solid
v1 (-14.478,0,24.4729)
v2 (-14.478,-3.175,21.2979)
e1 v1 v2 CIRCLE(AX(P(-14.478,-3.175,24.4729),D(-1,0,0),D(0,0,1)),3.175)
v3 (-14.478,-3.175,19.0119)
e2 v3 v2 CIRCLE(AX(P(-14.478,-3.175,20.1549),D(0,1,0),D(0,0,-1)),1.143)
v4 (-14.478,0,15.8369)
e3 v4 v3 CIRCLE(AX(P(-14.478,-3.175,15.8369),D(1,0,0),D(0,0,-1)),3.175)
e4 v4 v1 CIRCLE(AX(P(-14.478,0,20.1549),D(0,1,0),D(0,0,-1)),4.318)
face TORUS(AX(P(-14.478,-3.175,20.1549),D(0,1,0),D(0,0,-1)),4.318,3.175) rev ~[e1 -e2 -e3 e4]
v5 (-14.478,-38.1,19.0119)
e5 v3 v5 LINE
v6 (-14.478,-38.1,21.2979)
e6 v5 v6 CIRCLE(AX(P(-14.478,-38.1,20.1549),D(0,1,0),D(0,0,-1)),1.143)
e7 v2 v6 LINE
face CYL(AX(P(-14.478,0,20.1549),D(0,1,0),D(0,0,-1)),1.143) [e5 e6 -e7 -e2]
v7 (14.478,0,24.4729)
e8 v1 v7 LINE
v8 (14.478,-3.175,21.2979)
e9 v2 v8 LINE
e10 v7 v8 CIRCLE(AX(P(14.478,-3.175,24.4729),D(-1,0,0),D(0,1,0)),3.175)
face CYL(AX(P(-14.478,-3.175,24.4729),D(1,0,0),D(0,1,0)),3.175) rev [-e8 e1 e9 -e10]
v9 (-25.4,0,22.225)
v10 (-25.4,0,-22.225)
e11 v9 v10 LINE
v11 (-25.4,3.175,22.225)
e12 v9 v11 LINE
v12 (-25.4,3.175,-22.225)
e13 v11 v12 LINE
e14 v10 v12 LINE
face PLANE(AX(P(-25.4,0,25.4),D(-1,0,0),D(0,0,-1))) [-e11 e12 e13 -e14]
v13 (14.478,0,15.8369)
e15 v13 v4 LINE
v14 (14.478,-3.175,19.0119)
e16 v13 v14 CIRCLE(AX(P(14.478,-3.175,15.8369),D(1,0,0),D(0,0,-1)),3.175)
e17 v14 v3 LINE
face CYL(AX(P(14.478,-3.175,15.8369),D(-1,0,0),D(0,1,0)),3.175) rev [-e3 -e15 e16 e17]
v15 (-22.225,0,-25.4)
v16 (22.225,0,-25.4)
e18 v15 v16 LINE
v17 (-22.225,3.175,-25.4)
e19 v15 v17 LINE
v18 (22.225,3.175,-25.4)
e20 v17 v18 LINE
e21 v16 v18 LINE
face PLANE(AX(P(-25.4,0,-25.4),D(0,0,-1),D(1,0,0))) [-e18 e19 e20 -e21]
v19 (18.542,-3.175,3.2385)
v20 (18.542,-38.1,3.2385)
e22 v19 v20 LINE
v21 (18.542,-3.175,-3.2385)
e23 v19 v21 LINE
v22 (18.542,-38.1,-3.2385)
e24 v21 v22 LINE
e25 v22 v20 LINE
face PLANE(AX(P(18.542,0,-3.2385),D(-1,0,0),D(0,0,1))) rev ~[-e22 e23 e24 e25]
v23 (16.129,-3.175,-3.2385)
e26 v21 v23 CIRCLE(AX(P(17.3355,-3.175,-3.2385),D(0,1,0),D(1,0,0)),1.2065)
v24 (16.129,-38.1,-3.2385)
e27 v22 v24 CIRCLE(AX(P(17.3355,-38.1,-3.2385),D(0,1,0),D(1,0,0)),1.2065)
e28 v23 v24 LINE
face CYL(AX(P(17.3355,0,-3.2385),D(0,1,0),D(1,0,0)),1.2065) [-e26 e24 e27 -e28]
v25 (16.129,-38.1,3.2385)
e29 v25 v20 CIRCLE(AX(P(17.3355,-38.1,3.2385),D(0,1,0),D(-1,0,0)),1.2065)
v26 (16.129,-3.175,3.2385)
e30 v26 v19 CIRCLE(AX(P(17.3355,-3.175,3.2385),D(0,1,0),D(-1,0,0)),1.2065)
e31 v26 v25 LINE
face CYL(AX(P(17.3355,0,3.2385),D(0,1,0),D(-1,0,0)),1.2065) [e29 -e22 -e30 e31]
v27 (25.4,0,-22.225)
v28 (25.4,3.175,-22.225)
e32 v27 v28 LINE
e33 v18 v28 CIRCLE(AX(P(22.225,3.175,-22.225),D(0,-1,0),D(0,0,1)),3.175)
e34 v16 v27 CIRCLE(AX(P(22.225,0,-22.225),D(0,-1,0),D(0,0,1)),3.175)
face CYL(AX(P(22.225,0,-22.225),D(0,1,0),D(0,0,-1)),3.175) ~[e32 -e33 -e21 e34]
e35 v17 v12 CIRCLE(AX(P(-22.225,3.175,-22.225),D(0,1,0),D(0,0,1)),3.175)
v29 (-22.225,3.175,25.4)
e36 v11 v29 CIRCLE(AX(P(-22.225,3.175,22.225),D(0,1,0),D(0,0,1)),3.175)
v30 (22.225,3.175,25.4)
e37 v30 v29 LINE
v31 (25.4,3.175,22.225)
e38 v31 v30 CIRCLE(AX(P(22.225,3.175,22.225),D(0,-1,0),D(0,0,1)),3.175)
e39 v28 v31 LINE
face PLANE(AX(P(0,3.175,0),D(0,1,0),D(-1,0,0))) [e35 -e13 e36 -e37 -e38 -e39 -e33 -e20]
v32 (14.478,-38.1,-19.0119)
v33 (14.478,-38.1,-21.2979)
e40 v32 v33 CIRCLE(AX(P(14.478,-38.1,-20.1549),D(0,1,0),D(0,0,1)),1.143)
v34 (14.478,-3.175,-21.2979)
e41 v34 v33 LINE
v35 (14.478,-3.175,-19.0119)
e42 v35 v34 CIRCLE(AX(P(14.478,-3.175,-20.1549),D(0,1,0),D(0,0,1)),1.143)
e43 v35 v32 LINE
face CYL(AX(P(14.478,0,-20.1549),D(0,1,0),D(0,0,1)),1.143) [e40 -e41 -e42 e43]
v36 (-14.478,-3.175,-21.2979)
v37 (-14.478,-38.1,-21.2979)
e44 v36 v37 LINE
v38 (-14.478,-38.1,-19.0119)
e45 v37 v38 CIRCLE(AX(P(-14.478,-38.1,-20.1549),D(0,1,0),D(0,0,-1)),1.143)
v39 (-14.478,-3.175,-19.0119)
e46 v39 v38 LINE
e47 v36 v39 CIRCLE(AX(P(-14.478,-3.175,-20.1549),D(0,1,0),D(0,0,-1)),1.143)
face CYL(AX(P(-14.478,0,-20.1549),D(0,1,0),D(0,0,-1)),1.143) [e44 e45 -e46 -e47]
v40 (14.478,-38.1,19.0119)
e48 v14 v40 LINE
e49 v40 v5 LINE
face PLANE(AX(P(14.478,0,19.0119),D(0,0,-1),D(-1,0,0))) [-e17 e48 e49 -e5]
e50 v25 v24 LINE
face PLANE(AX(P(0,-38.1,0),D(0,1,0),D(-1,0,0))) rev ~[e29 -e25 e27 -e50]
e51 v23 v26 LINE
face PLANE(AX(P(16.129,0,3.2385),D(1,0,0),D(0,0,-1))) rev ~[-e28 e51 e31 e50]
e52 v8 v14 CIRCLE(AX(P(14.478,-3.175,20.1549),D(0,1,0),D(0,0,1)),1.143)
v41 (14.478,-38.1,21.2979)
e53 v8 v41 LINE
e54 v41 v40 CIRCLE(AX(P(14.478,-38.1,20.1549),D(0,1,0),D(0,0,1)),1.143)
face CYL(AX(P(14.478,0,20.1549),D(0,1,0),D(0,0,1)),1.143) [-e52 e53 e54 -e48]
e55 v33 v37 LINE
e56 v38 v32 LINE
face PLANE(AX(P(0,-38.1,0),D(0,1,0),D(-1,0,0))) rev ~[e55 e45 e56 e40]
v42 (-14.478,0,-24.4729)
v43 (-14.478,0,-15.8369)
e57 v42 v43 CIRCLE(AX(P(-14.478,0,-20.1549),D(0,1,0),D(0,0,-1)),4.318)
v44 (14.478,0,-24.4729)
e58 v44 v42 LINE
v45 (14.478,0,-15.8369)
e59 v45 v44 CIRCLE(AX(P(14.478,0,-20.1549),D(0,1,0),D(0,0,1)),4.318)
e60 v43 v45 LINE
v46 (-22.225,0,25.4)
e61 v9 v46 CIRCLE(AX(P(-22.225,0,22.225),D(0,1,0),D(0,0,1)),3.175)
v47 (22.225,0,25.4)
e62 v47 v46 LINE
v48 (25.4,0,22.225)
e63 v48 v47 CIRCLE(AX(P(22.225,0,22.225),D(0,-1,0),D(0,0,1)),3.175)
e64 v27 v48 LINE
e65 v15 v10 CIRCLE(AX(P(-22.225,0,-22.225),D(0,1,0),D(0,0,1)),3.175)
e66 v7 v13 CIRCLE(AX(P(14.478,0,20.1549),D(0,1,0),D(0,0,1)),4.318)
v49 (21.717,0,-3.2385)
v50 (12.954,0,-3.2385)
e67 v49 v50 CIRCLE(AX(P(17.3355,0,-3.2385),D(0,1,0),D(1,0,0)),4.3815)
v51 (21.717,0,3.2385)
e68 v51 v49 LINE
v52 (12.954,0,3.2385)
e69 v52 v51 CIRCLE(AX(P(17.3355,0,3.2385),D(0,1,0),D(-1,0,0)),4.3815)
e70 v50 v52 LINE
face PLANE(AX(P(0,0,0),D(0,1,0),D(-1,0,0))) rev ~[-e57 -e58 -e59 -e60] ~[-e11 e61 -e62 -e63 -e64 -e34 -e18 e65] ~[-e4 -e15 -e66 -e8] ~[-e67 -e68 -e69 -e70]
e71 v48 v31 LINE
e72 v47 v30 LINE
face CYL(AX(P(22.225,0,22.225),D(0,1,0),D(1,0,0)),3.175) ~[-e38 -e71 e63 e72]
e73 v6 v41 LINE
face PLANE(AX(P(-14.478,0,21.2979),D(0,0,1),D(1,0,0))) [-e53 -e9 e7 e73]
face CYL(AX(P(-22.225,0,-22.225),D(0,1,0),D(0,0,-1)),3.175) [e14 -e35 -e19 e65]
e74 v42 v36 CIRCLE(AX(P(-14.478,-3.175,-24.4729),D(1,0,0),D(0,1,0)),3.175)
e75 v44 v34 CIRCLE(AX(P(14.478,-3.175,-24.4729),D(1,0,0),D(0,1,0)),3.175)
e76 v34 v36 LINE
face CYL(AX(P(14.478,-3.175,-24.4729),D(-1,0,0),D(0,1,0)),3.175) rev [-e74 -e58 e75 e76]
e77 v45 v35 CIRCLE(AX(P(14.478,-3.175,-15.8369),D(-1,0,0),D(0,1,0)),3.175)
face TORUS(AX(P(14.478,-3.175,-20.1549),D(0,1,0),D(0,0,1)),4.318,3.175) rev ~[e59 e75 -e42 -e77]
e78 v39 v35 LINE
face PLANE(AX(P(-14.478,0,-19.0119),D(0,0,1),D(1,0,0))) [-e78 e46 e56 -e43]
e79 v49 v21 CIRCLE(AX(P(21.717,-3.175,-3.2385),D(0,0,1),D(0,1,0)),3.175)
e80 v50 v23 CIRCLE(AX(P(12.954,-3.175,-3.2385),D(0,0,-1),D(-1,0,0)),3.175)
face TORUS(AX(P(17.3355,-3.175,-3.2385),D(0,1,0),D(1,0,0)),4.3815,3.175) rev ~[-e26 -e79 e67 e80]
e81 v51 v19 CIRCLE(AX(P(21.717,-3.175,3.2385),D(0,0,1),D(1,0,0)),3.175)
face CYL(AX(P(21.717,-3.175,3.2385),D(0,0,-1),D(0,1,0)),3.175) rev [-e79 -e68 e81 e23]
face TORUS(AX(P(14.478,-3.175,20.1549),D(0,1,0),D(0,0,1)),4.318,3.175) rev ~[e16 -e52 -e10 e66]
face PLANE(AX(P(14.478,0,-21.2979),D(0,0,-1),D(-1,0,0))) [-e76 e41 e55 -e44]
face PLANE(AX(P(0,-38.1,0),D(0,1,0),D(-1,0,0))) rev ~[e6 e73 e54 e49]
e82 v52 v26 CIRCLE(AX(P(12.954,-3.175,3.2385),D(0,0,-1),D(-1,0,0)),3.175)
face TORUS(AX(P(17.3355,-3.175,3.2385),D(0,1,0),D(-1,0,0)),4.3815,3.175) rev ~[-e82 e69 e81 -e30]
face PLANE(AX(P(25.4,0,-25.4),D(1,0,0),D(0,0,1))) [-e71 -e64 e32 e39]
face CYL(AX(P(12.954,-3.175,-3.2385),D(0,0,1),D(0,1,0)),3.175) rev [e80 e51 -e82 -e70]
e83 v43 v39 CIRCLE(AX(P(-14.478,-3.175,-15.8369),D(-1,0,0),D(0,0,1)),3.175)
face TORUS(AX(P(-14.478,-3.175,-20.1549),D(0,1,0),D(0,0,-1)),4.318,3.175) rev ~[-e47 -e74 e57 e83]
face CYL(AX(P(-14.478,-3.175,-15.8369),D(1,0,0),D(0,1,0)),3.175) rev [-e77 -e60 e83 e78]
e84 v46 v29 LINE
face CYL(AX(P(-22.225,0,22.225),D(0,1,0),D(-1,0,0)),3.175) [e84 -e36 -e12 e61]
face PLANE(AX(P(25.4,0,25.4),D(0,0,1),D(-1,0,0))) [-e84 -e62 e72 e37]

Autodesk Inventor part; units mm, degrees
ref_plane "YZ Plane" through (0, 0, 0) normal (1, 0, 0) x (0, 1, 0)
ref_plane "XZ Plane" through (0, 0, 0) normal (0, 1, 0) x (-1, 0, 0)
ref_plane "XY Plane" through (0, 0, 0) normal (0, 0, 1) x (1, 0, 0)
sketch "Sketch1" plane through (0, 0, 0) normal (0, 1, 0) x (-1, 0, 0)
  line L0 (15.875, 20.1549) -> (-15.875, 20.1549) construction
  line L1 (14.478, 18.7579) -> (-14.478, 18.7579) construction
  line L2 (-14.478, 21.5519) -> (14.478, 21.5519) construction
  arc A0 (14.478, 18.7579) -> (14.478, 21.5519) centre (14.478, 20.1549) ccw construction
  arc A1 (-14.478, 21.5519) -> (-14.478, 18.7579) centre (-14.478, 20.1549) ccw construction
  line L3 (25.4, -25.4) -> (-25.4, -25.4)
  line L4 (-25.4, -25.4) -> (-25.4, 25.4)
  line L5 (-25.4, 25.4) -> (25.4, 25.4)
  line L6 (25.4, 25.4) -> (25.4, -25.4)
  line L7 (25.4, -25.4) -> (-25.4, 25.4) construction
  line L8 (-25.4, -25.4) -> (25.4, 25.4) construction
  line L9 (-15.875, -20.1549) -> (15.875, -20.1549) construction
  line L10 (-14.478, -18.7579) -> (14.478, -18.7579) construction
  line L11 (14.478, -21.5519) -> (-14.478, -21.5519) construction
  arc A2 (-14.478, -18.7579) -> (-14.478, -21.5519) centre (-14.478, -20.1549) ccw construction
  arc A3 (14.478, -21.5519) -> (14.478, -18.7579) centre (14.478, -20.1549) ccw construction
  line L12 (0, -20.1549) -> (0, 20.1549) construction
  line L13 (-17.3355, -4.699) -> (-17.3355, 4.699) construction
  line L14 (-15.875, -3.2385) -> (-15.875, 3.2385) construction
  line L15 (-18.796, 3.2385) -> (-18.796, -3.2385) construction
  arc A4 (-18.796, -3.2385) -> (-15.875, -3.2385) centre (-17.3355, -3.2385) ccw construction
  arc A5 (-15.875, 3.2385) -> (-18.796, 3.2385) centre (-17.3355, 3.2385) ccw construction
  line L16 (-14.478, -21.2979) -> (14.478, -21.2979)
  arc A6 (14.478, -21.2979) -> (14.478, -19.0119) centre (14.478, -20.1549) ccw
  line L17 (14.478, -19.0119) -> (-14.478, -19.0119)
  arc A7 (-14.478, -19.0119) -> (-14.478, -21.2979) centre (-14.478, -20.1549) ccw
  line L18 (-14.478, 19.0119) -> (14.478, 19.0119)
  arc A8 (14.478, 19.0119) -> (14.478, 21.2979) centre (14.478, 20.1549) ccw
  line L19 (14.478, 21.2979) -> (-14.478, 21.2979)
  arc A9 (-14.478, 21.2979) -> (-14.478, 19.0119) centre (-14.478, 20.1549) ccw
  line L20 (-16.129, 3.2385) -> (-16.129, -3.2385)
  arc A10 (-18.542, -3.2385) -> (-16.129, -3.2385) centre (-17.3355, -3.2385) ccw
  line L21 (-18.542, -3.2385) -> (-18.542, 3.2385)
  arc A11 (-16.129, 3.2385) -> (-18.542, 3.2385) centre (-17.3355, 3.2385) ccw
  point P0 (0, 0)
  point P1 (0, 0)
  point P2 (-17.3355, 0)
  point P3 (-15.875, -20.1549)
  dimension "d0" = 31.75
  dimension "d1" = 50.8
  dimension "d2" = 50.8
  dimension "d3" = 37.5158
  dimension "d4" = 2.794
  dimension "d5" = 31.75
  dimension "d6" = 2.794
  dimension "d7" = 9.398
  dimension "d8" = 2.921
  dimension "clear" = 0.254
  dimension "d10" = 0.254
  dimension "d11" = 0.254
extrude "Extrusion1" add sketch "Sketch1" along normal blind 3.175 contours L3 L4 L5 L6 | A7 L17 A6 L16 | A9 L19 A8 L18 | L20 A10 L21 A11
extrude "Extrusion2" add sketch "Sketch1" against normal blind 38.1 contours A7 L17 A6 L16 | A9 L19 A8 L18 | L20 A10 L21 A11
fillet "Fillet1" radius 3.175 4 edges at (25.4, 1.5875, 25.4) (-25.4, 1.5875, 25.4) (25.4, 1.5875, -25.4) (-25.4, 1.5875, -25.4)
fillet "Fillet2" radius 3.175 12 edges at (0, 0, -21.2979) (-15.621, 0, -20.1549) (0, 0, -19.0119) (15.621, 0, -20.1549) (17.3355, 0, 4.445) (18.542, 0, 0) (17.3355, 0, -4.445) (16.129, 0, 0) (-15.621, 0, 20.1549) (0, 0, 21.2979) (15.621, 0, 20.1549) (0, 0, 19.0119)
equation "\"d5\" = d0"
equation "\"d6\" = d4"
equation "\"d10\" = clear"
equation "\"d11\" = clear"
properties part number "vrm tool" material "ABS Plastic"
